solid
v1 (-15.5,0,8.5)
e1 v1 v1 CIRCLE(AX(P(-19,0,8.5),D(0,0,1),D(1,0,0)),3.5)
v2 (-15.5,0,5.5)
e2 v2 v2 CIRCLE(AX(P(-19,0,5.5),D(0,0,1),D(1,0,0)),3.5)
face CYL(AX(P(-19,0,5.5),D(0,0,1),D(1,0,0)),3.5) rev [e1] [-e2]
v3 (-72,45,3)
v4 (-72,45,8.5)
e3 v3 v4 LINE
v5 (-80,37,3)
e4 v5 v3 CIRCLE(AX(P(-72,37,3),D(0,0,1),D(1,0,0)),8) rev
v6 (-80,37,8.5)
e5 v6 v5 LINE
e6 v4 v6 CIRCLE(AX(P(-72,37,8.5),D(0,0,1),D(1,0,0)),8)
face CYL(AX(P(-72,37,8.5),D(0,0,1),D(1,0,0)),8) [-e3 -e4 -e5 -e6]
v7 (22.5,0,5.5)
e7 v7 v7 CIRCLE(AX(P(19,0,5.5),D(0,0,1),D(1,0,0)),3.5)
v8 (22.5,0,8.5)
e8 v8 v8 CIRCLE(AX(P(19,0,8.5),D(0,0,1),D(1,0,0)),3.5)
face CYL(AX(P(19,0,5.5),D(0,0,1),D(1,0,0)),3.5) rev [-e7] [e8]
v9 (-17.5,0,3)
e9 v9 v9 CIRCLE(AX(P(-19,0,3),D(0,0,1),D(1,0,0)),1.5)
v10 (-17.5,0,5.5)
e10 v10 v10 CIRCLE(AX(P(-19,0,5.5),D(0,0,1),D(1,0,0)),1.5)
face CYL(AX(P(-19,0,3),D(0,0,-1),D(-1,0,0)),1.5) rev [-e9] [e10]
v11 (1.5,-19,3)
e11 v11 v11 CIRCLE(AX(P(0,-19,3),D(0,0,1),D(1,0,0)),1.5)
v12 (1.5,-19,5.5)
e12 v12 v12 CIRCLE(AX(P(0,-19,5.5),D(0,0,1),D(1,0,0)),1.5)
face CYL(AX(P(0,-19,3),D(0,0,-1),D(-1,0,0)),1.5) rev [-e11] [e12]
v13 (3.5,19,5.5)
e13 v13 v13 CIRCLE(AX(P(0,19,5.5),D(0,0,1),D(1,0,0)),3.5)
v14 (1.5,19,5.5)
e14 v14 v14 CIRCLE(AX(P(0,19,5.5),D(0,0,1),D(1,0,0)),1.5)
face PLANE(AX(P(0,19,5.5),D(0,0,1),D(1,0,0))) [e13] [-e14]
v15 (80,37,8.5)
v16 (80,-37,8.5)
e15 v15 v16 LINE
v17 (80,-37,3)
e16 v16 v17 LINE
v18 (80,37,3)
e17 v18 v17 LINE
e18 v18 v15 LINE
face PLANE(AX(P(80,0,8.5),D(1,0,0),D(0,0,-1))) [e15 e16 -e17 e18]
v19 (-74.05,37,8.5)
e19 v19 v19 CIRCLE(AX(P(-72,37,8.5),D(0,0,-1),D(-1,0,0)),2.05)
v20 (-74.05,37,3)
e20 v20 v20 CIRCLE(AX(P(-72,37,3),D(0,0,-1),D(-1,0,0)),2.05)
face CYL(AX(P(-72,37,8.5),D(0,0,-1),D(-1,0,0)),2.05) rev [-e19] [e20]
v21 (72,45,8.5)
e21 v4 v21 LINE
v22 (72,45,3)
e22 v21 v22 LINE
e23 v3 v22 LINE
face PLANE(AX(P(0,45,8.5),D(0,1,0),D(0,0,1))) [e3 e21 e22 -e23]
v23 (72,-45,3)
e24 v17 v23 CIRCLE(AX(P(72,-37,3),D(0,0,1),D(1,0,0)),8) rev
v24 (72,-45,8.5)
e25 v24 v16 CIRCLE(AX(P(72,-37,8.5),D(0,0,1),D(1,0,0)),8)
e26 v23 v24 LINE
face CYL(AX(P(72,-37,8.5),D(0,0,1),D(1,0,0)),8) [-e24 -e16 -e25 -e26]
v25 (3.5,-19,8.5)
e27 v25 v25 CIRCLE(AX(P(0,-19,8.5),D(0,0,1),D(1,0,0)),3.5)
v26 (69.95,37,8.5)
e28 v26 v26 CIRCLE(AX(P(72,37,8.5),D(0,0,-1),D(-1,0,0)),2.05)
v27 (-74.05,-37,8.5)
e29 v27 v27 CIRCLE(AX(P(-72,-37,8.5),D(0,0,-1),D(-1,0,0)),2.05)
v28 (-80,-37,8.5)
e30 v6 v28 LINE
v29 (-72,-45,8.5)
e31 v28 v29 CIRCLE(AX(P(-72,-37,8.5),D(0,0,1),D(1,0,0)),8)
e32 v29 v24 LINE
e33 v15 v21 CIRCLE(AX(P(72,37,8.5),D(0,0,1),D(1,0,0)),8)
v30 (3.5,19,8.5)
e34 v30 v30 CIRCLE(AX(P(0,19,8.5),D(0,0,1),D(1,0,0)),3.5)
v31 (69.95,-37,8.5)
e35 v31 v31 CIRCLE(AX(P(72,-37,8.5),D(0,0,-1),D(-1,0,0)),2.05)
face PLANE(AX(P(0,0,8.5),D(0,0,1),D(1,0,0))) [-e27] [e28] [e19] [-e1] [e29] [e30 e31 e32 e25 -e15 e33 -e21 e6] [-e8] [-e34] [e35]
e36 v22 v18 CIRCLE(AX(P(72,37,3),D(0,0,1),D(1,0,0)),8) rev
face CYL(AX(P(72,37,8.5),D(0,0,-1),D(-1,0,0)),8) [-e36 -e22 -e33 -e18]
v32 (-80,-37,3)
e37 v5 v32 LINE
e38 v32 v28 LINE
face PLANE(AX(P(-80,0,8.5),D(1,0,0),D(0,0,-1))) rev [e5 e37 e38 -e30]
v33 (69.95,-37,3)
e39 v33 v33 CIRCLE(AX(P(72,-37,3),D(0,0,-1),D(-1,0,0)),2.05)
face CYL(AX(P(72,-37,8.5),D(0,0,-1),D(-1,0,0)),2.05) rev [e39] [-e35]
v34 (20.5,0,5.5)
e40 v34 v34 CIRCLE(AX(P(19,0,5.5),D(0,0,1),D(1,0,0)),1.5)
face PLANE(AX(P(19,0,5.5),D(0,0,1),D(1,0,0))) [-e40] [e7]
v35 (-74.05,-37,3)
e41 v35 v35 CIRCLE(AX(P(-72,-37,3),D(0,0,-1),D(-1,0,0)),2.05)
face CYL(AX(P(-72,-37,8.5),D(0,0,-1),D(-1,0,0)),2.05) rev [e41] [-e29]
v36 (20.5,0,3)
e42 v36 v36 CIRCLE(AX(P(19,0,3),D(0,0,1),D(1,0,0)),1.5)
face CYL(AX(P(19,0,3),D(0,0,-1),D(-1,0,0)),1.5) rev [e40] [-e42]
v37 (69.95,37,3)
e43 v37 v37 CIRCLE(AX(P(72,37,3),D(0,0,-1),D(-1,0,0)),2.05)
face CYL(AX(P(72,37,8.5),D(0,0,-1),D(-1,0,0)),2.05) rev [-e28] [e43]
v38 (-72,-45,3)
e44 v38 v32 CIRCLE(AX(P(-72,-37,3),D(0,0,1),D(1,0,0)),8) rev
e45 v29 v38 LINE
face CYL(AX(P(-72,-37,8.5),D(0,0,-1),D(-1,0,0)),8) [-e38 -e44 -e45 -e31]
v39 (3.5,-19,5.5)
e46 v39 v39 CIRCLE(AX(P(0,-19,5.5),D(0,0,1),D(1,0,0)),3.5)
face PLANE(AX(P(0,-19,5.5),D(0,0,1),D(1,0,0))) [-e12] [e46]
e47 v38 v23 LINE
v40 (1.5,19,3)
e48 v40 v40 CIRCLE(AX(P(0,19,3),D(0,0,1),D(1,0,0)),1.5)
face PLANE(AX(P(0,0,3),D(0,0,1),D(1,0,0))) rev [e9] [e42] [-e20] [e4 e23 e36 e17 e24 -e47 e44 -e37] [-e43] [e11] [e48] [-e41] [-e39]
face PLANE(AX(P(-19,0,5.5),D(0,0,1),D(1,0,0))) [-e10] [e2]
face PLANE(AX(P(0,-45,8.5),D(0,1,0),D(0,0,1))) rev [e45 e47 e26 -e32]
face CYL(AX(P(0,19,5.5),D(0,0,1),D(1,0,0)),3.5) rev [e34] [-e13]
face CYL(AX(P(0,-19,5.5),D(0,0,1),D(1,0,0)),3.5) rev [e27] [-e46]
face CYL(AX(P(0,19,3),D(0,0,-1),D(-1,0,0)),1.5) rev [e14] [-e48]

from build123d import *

# Parameters (mm, degrees)
SKETCH_1_R          = 28.7
SKETCH_1_R_2        = 1.5
EXTRUDE_1_DEPTH     = 3
EXTRUDE_START       = -48
SKETCH_2_R          = 34.7
SKETCH_2_R_2        = 28.7
EXTRUDE_2_DEPTH     = 48
SKETCH_3_W          = 12
SKETCH_3_H          = 23
CUT_EXTRUDE_1_DEPTH = 10
FILLET_1_R          = 2
SKETCH_4_W          = 30
SKETCH_4_H          = 25
CUT_EXTRUDE_2_DEPTH = 96.094431221
FILLET_2_R          = 2
SKETCH_5_W          = 160
SKETCH_5_H          = 90
SKETCH_5_R          = 34.7
SKETCH_5_R_2        = 1.5
EXTRUDE_3_DEPTH     = 5.5
SKETCH_7_R          = 2.05
CUT_EXTRUDE_3_DEPTH = 104.580886314
FILLET_4_R          = 8
CUT_EXTRUDE_START   = -3
SKETCH_8_R          = 3.5
SKETCH_8_R_2        = 1.5
CUT_EXTRUDE_4_DEPTH = 3
SKETCH_9_R          = 34.7
CUT_EXTRUDE_5_DEPTH = 48


with BuildPart() as part:
    # 草图1 → 凸台-拉伸1 (new body)
    with BuildSketch(Plane.XY):
        Circle(SKETCH_1_R)
        with Locations((0, 19)):
            Circle(SKETCH_1_R_2, mode=Mode.SUBTRACT)
        with Locations((19, 0)):
            Circle(SKETCH_1_R_2, mode=Mode.SUBTRACT)
        with Locations((0, -19)):
            Circle(SKETCH_1_R_2, mode=Mode.SUBTRACT)
        with Locations((-19, 0)):
            Circle(SKETCH_1_R_2, mode=Mode.SUBTRACT)
    extrude(amount=EXTRUDE_1_DEPTH)

    # 草图2 → 凸台-拉伸2 (add)
    with BuildSketch(Plane.XY.offset(3).offset(EXTRUDE_START)):
        Circle(SKETCH_2_R)
        Circle(SKETCH_2_R_2, mode=Mode.SUBTRACT)
    extrude(amount=EXTRUDE_2_DEPTH)

    # 草图3 → 切除-拉伸1 (cut)
    with BuildSketch(Plane(origin=(-24.536605307, 24.536605307, 0), x_dir=(0, 0, 1), z_dir=(-0.7071067811865488, 0.7071067811865464, 0))):
        with Locations((-6, 0)):
            Rectangle(SKETCH_3_W, SKETCH_3_H)
    extrude(amount=-CUT_EXTRUDE_1_DEPTH, mode=Mode.SUBTRACT)

    # 圆角1
    fillet_1_edges = [part.edges().sort_by_distance(p)[0] for p in [
        (-12.740018652, 29.00347462, -12),
        (-12.740018652, 29.00347462, 0),
        (-29.00347462, 12.740018652, 0),
        (-29.00347462, 12.740018652, -12),
    ]]
    fillet(fillet_1_edges, radius=FILLET_1_R)

    # 草图4 → 切除-拉伸2 (cut, through all)
    with BuildSketch(Plane(origin=(24.536605307, 24.536605307, 0), x_dir=(0.7071067811865487, -0.7071067811865465, 0), z_dir=(0.7071067811865465, 0.7071067811865487, 0))):
        with Locations((0.808951296, 22.5)):
            Rectangle(SKETCH_4_W, SKETCH_4_H)
    extrude(amount=-CUT_EXTRUDE_2_DEPTH, mode=Mode.SUBTRACT)

    # 圆角2
    fillet_2_edges = [part.edges().sort_by_distance(p)[0] for p in [
        (-8.211322504, -30.568555834, -35),
        (30.568555834, 8.211322504, -35),
        (-8.211322504, -30.568555834, -10),
        (30.568555834, 8.211322504, -10),
        (-30.049784568, -9.980611027, -10),
        (9.980611027, 30.049784568, -10),
        (-30.049784568, -9.980611027, -35),
        (9.980611027, 30.049784568, -35),
    ]]
    fillet(fillet_2_edges, radius=FILLET_2_R)

    # 草图5 → 凸台-拉伸3 (add)
    # profile 1 of 2: a face of its own
    with BuildSketch(Plane.XY.offset(3)):
        Rectangle(SKETCH_5_W, SKETCH_5_H)
        Circle(SKETCH_5_R, mode=Mode.SUBTRACT)
    # profile 2 of 2: a face of its own
    with BuildSketch(Plane.XY.offset(3)):
        Circle(SKETCH_5_R)
        with Locations((0, 19)):
            Circle(SKETCH_5_R_2, mode=Mode.SUBTRACT)
        with Locations((-19, 0)):
            Circle(SKETCH_5_R_2, mode=Mode.SUBTRACT)
        with Locations((19, 0)):
            Circle(SKETCH_5_R_2, mode=Mode.SUBTRACT)
        with Locations((0, -19)):
            Circle(SKETCH_5_R_2, mode=Mode.SUBTRACT)
    extrude(amount=EXTRUDE_3_DEPTH)

    # 草图7 → 切除-拉伸3 (cut, through all)
    with BuildSketch(Plane(origin=(0, 0, 3), x_dir=(-1, 0, 0), z_dir=(0, 0, -1))):
        with Locations((-72, 37)):
            Circle(SKETCH_7_R)
        with Locations((72, 37)):
            Circle(SKETCH_7_R)
        with Locations((72, -37)):
            Circle(SKETCH_7_R)
        with Locations((-72, -37)):
            Circle(SKETCH_7_R)
    extrude(amount=-CUT_EXTRUDE_3_DEPTH, mode=Mode.SUBTRACT)

    # 圆角4
    fillet_4_edges = [part.edges().sort_by_distance(p)[0] for p in [
        (80, -45, 5.75),
        (80, 45, 5.75),
        (-80, 45, 5.75),
        (-80, -45, 5.75),
    ]]
    fillet(fillet_4_edges, radius=FILLET_4_R)

    # 草图8 → 切除-拉伸4 (cut)
    # profile 1 of 4: a face of its own
    with BuildSketch(Plane.XY.offset(8.5).offset(CUT_EXTRUDE_START)):
        with Locations((-19, 0)):
            Circle(SKETCH_8_R)
        with Locations((-19, 0)):
            Circle(SKETCH_8_R_2, mode=Mode.SUBTRACT)
    # profile 2 of 4: a face of its own
    with BuildSketch(Plane.XY.offset(8.5).offset(CUT_EXTRUDE_START)):
        with Locations((0, 19)):
            Circle(SKETCH_8_R)
    # profile 3 of 4: a face of its own
    with BuildSketch(Plane.XY.offset(8.5).offset(CUT_EXTRUDE_START)):
        with Locations((19, 0)):
            Circle(SKETCH_8_R)
    # profile 4 of 4: a face of its own
    with BuildSketch(Plane.XY.offset(8.5).offset(CUT_EXTRUDE_START)):
        with Locations((0, -19)):
            Circle(SKETCH_8_R)
    extrude(amount=CUT_EXTRUDE_4_DEPTH, mode=Mode.SUBTRACT)

    # 草图9 → 切除-拉伸5 (cut)
    with BuildSketch(Plane(origin=(0, 0, -45), x_dir=(-1, 0, 0), z_dir=(0, 0, -1))):
        Circle(SKETCH_9_R)
    extrude(amount=-CUT_EXTRUDE_5_DEPTH, mode=Mode.SUBTRACT)


solid = part.part
